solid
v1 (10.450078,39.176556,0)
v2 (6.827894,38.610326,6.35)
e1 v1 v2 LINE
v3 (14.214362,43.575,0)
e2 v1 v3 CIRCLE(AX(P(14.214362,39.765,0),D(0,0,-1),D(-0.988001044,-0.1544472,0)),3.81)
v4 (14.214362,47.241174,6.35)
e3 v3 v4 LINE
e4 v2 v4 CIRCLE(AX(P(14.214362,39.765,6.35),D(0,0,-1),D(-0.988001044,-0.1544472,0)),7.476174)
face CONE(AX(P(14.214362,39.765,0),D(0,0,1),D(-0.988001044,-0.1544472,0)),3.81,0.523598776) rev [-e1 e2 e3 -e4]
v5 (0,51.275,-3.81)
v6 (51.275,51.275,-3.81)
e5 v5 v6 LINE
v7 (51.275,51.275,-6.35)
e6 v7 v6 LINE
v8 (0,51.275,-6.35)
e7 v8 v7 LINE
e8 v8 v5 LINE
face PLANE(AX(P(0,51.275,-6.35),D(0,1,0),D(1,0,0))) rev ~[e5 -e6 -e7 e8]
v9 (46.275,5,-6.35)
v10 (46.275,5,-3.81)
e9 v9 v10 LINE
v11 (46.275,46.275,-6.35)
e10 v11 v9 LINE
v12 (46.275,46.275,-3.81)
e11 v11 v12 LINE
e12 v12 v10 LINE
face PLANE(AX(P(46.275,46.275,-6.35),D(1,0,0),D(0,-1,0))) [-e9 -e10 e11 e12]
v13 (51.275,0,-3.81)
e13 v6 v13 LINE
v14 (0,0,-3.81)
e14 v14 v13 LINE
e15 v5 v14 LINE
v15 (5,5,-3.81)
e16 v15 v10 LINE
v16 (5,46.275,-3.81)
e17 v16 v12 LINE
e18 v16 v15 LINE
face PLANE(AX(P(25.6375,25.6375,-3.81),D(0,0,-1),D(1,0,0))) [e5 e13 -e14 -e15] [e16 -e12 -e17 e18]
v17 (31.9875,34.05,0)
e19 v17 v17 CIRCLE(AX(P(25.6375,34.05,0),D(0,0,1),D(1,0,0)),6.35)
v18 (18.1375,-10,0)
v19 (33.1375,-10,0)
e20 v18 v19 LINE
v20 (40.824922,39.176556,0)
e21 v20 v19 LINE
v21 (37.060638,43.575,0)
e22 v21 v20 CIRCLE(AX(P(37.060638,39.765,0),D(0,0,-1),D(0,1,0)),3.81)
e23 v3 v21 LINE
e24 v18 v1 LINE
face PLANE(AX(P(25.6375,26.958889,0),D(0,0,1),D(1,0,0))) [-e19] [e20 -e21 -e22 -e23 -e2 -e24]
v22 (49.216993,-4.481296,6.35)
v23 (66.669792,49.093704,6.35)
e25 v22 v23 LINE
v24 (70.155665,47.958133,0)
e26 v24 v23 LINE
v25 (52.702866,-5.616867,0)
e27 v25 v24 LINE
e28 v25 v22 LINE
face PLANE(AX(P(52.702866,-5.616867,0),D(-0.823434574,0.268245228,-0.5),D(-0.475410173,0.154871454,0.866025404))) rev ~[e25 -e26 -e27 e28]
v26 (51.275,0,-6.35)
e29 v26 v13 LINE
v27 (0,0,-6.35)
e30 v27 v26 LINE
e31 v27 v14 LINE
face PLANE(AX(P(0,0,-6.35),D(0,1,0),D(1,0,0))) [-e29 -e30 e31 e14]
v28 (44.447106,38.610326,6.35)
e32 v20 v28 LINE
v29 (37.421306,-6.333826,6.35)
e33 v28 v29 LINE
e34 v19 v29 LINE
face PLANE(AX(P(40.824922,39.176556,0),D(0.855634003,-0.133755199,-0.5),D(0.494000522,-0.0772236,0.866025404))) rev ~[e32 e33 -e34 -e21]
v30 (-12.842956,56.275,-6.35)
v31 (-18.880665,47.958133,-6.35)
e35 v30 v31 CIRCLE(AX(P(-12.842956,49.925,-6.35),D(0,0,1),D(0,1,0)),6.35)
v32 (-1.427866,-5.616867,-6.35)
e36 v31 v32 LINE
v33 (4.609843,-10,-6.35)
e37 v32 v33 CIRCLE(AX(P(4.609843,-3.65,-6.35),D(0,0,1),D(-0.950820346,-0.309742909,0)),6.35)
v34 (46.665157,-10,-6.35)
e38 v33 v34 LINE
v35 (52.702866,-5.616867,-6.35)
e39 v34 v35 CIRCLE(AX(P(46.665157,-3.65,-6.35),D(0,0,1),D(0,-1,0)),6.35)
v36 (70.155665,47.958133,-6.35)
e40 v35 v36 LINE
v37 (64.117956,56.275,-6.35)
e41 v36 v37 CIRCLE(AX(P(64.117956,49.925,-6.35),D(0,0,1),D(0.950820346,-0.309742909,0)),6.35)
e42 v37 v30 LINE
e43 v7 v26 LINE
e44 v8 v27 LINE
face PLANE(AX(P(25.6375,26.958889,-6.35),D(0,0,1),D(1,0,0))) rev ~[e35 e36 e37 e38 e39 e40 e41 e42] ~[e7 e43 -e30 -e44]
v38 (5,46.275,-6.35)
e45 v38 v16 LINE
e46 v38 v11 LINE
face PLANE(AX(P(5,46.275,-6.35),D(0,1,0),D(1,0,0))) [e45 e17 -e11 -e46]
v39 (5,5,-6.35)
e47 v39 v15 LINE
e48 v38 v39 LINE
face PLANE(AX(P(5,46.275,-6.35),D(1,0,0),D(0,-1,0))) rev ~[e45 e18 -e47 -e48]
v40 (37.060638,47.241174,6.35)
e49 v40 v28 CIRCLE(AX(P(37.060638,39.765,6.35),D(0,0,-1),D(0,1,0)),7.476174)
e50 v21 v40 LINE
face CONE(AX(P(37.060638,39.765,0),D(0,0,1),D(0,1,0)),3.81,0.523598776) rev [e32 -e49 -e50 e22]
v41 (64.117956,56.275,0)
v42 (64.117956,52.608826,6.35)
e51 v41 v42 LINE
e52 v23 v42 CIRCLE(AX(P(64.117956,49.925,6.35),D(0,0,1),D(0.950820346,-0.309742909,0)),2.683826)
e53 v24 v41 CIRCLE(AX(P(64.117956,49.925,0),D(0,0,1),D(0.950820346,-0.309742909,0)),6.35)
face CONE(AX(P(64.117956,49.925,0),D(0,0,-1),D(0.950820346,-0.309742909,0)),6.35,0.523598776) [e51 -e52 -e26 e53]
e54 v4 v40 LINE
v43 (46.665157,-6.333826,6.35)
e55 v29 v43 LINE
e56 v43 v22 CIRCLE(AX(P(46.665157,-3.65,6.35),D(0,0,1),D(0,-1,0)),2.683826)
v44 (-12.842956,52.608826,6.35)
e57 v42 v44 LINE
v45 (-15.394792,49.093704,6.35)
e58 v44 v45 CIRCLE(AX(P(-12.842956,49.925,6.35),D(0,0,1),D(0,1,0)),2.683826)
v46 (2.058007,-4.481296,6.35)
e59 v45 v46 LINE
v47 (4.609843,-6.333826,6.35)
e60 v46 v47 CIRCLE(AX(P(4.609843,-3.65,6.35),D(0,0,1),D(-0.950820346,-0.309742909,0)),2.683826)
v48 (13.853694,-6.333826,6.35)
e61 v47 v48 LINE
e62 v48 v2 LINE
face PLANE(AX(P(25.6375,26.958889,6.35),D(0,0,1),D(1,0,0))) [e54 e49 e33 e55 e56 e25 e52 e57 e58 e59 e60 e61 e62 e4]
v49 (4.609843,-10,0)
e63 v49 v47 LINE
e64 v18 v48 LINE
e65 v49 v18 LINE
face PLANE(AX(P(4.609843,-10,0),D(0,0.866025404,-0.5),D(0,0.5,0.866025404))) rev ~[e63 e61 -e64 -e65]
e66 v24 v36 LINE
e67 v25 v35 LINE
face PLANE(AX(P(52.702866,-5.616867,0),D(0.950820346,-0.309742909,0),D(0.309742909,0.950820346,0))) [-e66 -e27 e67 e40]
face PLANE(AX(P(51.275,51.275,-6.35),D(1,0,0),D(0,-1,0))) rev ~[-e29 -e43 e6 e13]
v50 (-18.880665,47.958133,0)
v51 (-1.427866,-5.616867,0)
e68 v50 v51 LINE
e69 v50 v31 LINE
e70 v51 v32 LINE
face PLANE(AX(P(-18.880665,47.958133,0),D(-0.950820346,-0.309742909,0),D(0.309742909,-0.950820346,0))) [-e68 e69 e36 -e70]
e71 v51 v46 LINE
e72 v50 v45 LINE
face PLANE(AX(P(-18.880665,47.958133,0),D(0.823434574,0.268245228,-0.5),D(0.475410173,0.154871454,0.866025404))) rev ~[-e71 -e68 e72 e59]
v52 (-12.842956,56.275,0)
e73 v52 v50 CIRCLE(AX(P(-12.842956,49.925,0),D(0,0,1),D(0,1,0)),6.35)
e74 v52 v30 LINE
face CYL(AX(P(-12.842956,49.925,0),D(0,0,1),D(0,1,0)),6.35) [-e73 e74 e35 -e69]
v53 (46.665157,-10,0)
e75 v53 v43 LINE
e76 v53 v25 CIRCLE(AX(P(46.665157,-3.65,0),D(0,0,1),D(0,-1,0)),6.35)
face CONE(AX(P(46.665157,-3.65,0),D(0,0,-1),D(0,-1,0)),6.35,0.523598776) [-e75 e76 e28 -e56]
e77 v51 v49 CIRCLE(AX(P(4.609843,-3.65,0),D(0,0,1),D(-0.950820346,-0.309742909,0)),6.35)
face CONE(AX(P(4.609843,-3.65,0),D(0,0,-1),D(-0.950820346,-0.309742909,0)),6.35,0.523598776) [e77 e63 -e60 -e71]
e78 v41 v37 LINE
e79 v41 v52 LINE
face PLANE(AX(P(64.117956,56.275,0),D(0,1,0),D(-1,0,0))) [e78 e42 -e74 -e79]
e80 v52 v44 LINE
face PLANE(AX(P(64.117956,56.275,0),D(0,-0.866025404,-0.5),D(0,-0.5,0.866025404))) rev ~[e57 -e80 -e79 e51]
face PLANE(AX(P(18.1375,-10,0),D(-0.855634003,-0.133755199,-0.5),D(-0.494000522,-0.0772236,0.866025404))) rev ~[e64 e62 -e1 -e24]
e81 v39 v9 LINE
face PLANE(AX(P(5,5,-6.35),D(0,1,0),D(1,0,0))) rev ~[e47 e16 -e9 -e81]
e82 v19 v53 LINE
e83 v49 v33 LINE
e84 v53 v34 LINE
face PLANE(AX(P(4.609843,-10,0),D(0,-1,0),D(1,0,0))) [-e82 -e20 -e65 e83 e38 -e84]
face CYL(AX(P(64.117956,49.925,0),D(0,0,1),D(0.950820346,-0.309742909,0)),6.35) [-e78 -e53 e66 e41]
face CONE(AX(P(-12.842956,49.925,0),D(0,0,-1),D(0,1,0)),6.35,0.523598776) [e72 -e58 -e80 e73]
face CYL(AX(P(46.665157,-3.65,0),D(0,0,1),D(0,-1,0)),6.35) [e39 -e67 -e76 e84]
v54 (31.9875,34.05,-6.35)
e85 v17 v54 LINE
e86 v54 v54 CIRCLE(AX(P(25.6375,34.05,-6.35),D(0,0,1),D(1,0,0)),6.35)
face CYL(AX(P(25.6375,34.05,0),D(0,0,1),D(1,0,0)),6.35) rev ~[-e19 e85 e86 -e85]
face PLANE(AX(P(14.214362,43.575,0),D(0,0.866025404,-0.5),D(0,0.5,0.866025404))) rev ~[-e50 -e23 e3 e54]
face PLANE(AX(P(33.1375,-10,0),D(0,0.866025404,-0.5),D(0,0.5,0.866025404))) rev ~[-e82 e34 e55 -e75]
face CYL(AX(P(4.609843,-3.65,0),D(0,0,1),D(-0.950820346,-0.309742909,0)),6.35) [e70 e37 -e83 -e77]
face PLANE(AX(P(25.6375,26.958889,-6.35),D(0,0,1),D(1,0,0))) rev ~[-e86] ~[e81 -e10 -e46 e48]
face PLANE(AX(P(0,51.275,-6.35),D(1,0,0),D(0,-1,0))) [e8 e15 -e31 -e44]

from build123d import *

# Parameters (mm, degrees)
F1_DEPTH = 6.35
F2_DEPTH = 6.35
F2_TAPER = 30
F3_R     = 6.35
F4_DEPTH = 25.4
F5_W     = 51.275
F5_H     = 51.275
F5_W_2   = 41.275
F5_H_2   = 41.275
F6_DEPTH = 2.54


with BuildPart() as f1:
    # F0 (on Top) → F1 (new body)
    with BuildSketch(Plane.XY):
        with BuildLine():
            Line((64.1179559298, 56.275), (25.6375, 56.275))
            Line((25.6375, 56.275), (-12.8429559298, 56.275))
            ThreePointArc((-12.8429559298, 56.275), (-17.9816380777, 53.6554752757), (-18.8806651275, 47.95813253))
            Line((-18.8806651275, 47.95813253), (-1.4278661837, -5.61686747))
            ThreePointArc((-1.4278661837, -5.61686747), (0.8793677383, -8.7886821479), (4.609843014, -10))
            Line((4.609843014, -10), (18.1375, -10))
            Line((18.1375, -10), (10.4500775472, 39.1765561679))
            ThreePointArc((10.4500775472, 39.1765561679), (11.3197051539, 42.2423099321), (14.2143615238, 43.575))
            Line((14.2143615238, 43.575), (37.0606384762, 43.575))
            ThreePointArc((37.0606384762, 43.575), (39.9552948461, 42.2423099321), (40.8249224528, 39.1765561679))
            Line((40.8249224528, 39.1765561679), (33.1375, -10))
            Line((33.1375, -10), (46.665156986, -10))
            ThreePointArc((46.665156986, -10), (50.3956322617, -8.7886821479), (52.7028661837, -5.61686747))
            Line((52.7028661837, -5.61686747), (70.1556651275, 47.95813253))
            ThreePointArc((70.1556651275, 47.95813253), (69.2566380777, 53.6554752757), (64.1179559298, 56.275))
        make_face()
        with BuildLine():
            Line((10.4500775472, 39.1765561679), (18.1375, -10))
            Line((18.1375, -10), (25.6375, -10))
            Line((25.6375, -10), (33.1375, -10))
            Line((33.1375, -10), (40.8249224528, 39.1765561679))
            ThreePointArc((40.8249224528, 39.1765561679), (39.9552948461, 42.2423099321), (37.0606384762, 43.575))
            Line((37.0606384762, 43.575), (14.2143615238, 43.575))
            ThreePointArc((14.2143615238, 43.575), (11.3197051539, 42.2423099321), (10.4500775472, 39.1765561679))
        make_face()
    extrude(amount=-F1_DEPTH)

    # F0 (on Top) → F2 (join)
    with BuildSketch(Plane.XY):
        with BuildLine():
            Line((64.1179559298, 56.275), (25.6375, 56.275))
            Line((25.6375, 56.275), (-12.8429559298, 56.275))
            ThreePointArc((-12.8429559298, 56.275), (-17.9816380777, 53.6554752757), (-18.8806651275, 47.95813253))
            Line((-18.8806651275, 47.95813253), (-1.4278661837, -5.61686747))
            ThreePointArc((-1.4278661837, -5.61686747), (0.8793677383, -8.7886821479), (4.609843014, -10))
            Line((4.609843014, -10), (18.1375, -10))
            Line((18.1375, -10), (10.4500775472, 39.1765561679))
            ThreePointArc((10.4500775472, 39.1765561679), (11.3197051539, 42.2423099321), (14.2143615238, 43.575))
            Line((14.2143615238, 43.575), (37.0606384762, 43.575))
            ThreePointArc((37.0606384762, 43.575), (39.9552948461, 42.2423099321), (40.8249224528, 39.1765561679))
            Line((40.8249224528, 39.1765561679), (33.1375, -10))
            Line((33.1375, -10), (46.665156986, -10))
            ThreePointArc((46.665156986, -10), (50.3956322617, -8.7886821479), (52.7028661837, -5.61686747))
            Line((52.7028661837, -5.61686747), (70.1556651275, 47.95813253))
            ThreePointArc((70.1556651275, 47.95813253), (69.2566380777, 53.6554752757), (64.1179559298, 56.275))
        make_face()
    extrude(amount=F2_DEPTH, taper=F2_TAPER)

    # F3 (on face) → F4 (cut)
    with BuildSketch(Plane.XY):
        with Locations((25.6375, 34.05)):
            Circle(F3_R)
    extrude(amount=-F4_DEPTH, mode=Mode.SUBTRACT)

    # F5 (on face) → F6 (cut)
    with BuildSketch(Plane(origin=(0, 0, -6.35), x_dir=(1, 0, 0), z_dir=(0, 0, -1))):
        with Locations((25.6375, -25.6375)):
            Rectangle(F5_W, F5_H)
        with Locations((25.6375, -25.6375)):
            Rectangle(F5_W_2, F5_H_2, mode=Mode.SUBTRACT)
    extrude(amount=-F6_DEPTH, mode=Mode.SUBTRACT)


solid = f1.part
